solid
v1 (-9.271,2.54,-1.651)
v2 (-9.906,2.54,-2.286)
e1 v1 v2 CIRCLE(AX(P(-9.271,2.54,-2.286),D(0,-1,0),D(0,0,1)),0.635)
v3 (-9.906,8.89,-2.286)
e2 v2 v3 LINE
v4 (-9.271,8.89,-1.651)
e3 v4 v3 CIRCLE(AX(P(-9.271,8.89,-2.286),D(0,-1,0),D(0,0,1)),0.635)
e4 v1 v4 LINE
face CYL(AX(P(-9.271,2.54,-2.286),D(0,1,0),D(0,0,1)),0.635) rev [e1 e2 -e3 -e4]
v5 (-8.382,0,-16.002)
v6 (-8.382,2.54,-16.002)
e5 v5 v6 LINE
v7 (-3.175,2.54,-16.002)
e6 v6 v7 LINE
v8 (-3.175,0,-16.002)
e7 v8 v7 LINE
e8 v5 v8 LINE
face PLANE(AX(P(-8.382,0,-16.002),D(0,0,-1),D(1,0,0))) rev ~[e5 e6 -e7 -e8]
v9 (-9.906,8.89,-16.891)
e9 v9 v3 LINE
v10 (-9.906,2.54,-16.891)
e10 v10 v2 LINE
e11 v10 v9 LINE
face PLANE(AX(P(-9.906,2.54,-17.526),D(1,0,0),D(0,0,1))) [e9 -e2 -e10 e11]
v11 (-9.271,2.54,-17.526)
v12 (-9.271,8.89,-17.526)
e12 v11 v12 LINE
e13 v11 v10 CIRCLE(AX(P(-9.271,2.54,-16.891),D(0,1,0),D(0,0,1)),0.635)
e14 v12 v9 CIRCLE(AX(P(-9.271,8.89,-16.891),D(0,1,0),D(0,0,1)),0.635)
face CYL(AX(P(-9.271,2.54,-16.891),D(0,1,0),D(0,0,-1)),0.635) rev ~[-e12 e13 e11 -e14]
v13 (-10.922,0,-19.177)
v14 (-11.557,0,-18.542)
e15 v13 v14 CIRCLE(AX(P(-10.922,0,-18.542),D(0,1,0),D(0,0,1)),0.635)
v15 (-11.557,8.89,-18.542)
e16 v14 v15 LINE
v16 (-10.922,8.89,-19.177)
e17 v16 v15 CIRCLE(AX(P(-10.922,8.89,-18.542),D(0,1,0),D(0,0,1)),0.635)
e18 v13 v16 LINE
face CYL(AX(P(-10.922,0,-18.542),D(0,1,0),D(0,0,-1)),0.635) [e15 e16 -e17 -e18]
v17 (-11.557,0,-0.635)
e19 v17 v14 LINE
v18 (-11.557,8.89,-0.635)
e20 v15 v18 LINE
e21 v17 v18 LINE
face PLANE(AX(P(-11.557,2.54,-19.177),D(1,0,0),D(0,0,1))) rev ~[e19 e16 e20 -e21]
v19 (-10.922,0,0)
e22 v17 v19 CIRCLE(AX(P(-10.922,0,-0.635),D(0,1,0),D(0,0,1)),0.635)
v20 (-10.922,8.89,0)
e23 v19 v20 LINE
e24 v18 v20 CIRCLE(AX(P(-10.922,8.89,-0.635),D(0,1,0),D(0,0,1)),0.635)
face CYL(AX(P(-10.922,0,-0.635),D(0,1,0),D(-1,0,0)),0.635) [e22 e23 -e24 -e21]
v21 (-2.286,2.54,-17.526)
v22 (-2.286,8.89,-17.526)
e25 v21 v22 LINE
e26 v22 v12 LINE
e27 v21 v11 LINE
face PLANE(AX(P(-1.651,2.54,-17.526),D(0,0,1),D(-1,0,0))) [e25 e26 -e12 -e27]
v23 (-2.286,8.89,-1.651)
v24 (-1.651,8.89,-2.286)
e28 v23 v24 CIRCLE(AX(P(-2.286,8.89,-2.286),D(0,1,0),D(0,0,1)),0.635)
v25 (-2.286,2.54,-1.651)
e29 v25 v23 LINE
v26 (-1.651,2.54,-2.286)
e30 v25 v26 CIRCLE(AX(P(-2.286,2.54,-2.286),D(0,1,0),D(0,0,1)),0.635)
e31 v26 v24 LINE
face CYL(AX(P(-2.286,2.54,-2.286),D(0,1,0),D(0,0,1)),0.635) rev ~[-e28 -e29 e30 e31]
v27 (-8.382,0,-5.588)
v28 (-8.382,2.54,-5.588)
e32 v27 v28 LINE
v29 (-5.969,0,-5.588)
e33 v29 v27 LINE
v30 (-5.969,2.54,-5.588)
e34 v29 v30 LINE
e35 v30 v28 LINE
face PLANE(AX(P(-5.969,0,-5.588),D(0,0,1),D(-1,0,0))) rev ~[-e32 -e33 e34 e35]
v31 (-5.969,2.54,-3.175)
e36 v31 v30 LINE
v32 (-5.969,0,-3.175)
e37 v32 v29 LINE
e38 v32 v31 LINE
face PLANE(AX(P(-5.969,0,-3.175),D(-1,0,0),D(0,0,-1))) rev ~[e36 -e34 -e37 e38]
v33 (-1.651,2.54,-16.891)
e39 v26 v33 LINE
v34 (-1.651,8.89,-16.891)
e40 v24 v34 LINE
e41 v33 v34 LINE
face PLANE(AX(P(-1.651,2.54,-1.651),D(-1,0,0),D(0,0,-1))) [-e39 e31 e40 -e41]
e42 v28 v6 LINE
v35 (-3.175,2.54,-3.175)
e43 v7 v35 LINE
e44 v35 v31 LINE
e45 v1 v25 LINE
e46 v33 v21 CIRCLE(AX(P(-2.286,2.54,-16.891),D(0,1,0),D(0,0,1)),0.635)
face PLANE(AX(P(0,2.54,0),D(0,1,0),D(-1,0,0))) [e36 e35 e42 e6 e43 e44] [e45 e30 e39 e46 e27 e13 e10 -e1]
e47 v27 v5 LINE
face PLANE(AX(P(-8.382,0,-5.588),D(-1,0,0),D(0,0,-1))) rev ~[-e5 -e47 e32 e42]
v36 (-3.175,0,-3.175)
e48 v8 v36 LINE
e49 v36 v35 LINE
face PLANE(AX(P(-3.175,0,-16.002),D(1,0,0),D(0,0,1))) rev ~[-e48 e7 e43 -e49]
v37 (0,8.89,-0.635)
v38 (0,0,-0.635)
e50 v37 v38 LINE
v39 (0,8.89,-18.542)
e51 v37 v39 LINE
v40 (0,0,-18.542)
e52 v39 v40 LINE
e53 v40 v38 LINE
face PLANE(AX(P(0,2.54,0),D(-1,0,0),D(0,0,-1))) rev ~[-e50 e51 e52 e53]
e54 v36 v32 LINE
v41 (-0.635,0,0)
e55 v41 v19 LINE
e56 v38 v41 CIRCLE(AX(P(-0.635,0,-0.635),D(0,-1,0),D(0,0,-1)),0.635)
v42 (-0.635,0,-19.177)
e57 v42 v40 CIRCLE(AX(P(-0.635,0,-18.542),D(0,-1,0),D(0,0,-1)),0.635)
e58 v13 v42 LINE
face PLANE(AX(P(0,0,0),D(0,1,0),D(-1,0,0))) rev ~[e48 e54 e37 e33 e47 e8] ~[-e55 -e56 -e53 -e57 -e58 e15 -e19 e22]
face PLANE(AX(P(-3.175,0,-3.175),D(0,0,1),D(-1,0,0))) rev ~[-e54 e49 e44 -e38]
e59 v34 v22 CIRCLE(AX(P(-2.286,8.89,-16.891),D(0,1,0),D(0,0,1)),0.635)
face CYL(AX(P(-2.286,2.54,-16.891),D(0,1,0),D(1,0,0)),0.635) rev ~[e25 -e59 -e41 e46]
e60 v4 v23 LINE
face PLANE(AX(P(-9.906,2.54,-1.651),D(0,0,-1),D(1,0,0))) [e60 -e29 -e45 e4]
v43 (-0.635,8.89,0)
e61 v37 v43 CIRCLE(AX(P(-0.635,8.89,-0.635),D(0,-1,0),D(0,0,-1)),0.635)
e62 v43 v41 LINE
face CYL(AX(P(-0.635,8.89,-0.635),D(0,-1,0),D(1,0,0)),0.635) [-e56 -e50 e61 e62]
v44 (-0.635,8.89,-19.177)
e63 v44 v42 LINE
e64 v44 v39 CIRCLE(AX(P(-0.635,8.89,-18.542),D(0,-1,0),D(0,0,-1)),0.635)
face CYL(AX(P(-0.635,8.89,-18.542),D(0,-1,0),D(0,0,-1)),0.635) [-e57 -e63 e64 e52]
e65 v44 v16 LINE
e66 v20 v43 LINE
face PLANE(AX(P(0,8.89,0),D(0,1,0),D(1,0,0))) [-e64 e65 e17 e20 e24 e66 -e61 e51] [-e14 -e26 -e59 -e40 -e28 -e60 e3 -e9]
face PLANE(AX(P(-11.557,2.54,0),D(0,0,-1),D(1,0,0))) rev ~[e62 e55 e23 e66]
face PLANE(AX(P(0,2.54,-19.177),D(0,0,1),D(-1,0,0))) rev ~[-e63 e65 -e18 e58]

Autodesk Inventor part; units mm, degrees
ref_plane "YZ Plane" through (0, 0, 0) normal (1, 0, 0) x (0, 1, 0)
ref_plane "XZ Plane" through (0, 0, 0) normal (0, 1, 0) x (-1, 0, 0)
ref_plane "XY Plane" through (0, 0, 0) normal (0, 0, 1) x (1, 0, 0)
sketch "Sketch1" plane through (0, 0, 0) normal (0, 1, 0) x (-1, 0, 0)
  line L0 (0, 0) -> (11.557, 0)
  line L1 (11.557, 0) -> (11.557, -19.177)
  line L2 (11.557, -19.177) -> (0, -19.177)
  line L3 (0, -19.177) -> (0, 0)
  line L4 (3.175, -3.175) -> (8.382, -3.175)
  line L5 (8.382, -3.175) -> (8.382, -16.002)
  line L6 (8.382, -16.002) -> (3.175, -16.002)
  line L7 (3.175, -16.002) -> (3.175, -3.175)
  line L8 (8.382, -3.175) -> (5.969, -3.175)
  line L9 (5.969, -3.175) -> (5.969, -5.588)
  line L10 (5.969, -5.588) -> (8.382, -5.588)
  line L11 (8.382, -5.588) -> (8.382, -3.175)
  dimension "d0" = 12.827
  dimension "d1" = 5.207
  dimension "d2" = 3.175
  dimension "d3" = 3.175
  dimension "d4" = 3.175
  dimension "d5" = 3.175
  dimension "d6" = 2.413
  dimension "d7" = 2.413
extrude "Extrusion1" add sketch "Sketch1" along normal blind 2.54 contours L0 L1 L2 L3 | L4 L5 L10 L9
sketch "Sketch2" plane through (0, 2.54, 0) normal (0, 1, 0) x (1, 0, 0)
  line L0 (-8.382, 5.588) -> (-8.382, 16.002) construction
  line L1 (-8.382, 16.002) -> (-3.175, 16.002) construction
  line L2 (-3.175, 16.002) -> (-3.175, 3.175) construction
  line L3 (-3.175, 3.175) -> (-5.969, 3.175) construction
  line L4 (-5.969, 3.175) -> (-5.969, 5.588) construction
  line L5 (-5.969, 5.588) -> (-8.382, 5.588) construction
  line L6 (-11.557, 19.177) -> (-11.557, 0) projected
  line L7 (-11.557, 0) -> (0, 0) projected
  line L8 (0, 0) -> (0, 19.177) projected
  line L9 (0, 19.177) -> (-11.557, 19.177) projected
  line L10 (-9.906, 1.651) -> (-1.651, 1.651)
  line L11 (-1.651, 1.651) -> (-1.651, 17.526)
  line L12 (-1.651, 17.526) -> (-9.906, 17.526)
  line L13 (-9.906, 17.526) -> (-9.906, 1.651)
  dimension "d10" = 1.524
  dimension "d11" = 1.524
  dimension "d14" = 1.524
  dimension "d15" = 1.524
extrude "Extrusion2" add sketch "Sketch2" along normal blind 6.35
fillet "Fillet1" radius 0.635 8 edges at (0, 4.445, 0) (-11.557, 4.445, 0) (-11.557, 4.445, -19.177) (0, 4.445, -19.177) (-9.906, 5.715, -17.526) (-9.906, 5.715, -1.651) (-1.651, 5.715, -17.526) (-1.651, 5.715, -1.651)
equation "\"d3\" = d2"
equation "\"d4\" = d2"
equation "\"d5\" = d4"
equation "\"d11\" = d10"
equation "\"d14\" = d10"
equation "\"d15\" = d10"
properties part number "ForeConnectorHousing" material "ABS Plastic"
